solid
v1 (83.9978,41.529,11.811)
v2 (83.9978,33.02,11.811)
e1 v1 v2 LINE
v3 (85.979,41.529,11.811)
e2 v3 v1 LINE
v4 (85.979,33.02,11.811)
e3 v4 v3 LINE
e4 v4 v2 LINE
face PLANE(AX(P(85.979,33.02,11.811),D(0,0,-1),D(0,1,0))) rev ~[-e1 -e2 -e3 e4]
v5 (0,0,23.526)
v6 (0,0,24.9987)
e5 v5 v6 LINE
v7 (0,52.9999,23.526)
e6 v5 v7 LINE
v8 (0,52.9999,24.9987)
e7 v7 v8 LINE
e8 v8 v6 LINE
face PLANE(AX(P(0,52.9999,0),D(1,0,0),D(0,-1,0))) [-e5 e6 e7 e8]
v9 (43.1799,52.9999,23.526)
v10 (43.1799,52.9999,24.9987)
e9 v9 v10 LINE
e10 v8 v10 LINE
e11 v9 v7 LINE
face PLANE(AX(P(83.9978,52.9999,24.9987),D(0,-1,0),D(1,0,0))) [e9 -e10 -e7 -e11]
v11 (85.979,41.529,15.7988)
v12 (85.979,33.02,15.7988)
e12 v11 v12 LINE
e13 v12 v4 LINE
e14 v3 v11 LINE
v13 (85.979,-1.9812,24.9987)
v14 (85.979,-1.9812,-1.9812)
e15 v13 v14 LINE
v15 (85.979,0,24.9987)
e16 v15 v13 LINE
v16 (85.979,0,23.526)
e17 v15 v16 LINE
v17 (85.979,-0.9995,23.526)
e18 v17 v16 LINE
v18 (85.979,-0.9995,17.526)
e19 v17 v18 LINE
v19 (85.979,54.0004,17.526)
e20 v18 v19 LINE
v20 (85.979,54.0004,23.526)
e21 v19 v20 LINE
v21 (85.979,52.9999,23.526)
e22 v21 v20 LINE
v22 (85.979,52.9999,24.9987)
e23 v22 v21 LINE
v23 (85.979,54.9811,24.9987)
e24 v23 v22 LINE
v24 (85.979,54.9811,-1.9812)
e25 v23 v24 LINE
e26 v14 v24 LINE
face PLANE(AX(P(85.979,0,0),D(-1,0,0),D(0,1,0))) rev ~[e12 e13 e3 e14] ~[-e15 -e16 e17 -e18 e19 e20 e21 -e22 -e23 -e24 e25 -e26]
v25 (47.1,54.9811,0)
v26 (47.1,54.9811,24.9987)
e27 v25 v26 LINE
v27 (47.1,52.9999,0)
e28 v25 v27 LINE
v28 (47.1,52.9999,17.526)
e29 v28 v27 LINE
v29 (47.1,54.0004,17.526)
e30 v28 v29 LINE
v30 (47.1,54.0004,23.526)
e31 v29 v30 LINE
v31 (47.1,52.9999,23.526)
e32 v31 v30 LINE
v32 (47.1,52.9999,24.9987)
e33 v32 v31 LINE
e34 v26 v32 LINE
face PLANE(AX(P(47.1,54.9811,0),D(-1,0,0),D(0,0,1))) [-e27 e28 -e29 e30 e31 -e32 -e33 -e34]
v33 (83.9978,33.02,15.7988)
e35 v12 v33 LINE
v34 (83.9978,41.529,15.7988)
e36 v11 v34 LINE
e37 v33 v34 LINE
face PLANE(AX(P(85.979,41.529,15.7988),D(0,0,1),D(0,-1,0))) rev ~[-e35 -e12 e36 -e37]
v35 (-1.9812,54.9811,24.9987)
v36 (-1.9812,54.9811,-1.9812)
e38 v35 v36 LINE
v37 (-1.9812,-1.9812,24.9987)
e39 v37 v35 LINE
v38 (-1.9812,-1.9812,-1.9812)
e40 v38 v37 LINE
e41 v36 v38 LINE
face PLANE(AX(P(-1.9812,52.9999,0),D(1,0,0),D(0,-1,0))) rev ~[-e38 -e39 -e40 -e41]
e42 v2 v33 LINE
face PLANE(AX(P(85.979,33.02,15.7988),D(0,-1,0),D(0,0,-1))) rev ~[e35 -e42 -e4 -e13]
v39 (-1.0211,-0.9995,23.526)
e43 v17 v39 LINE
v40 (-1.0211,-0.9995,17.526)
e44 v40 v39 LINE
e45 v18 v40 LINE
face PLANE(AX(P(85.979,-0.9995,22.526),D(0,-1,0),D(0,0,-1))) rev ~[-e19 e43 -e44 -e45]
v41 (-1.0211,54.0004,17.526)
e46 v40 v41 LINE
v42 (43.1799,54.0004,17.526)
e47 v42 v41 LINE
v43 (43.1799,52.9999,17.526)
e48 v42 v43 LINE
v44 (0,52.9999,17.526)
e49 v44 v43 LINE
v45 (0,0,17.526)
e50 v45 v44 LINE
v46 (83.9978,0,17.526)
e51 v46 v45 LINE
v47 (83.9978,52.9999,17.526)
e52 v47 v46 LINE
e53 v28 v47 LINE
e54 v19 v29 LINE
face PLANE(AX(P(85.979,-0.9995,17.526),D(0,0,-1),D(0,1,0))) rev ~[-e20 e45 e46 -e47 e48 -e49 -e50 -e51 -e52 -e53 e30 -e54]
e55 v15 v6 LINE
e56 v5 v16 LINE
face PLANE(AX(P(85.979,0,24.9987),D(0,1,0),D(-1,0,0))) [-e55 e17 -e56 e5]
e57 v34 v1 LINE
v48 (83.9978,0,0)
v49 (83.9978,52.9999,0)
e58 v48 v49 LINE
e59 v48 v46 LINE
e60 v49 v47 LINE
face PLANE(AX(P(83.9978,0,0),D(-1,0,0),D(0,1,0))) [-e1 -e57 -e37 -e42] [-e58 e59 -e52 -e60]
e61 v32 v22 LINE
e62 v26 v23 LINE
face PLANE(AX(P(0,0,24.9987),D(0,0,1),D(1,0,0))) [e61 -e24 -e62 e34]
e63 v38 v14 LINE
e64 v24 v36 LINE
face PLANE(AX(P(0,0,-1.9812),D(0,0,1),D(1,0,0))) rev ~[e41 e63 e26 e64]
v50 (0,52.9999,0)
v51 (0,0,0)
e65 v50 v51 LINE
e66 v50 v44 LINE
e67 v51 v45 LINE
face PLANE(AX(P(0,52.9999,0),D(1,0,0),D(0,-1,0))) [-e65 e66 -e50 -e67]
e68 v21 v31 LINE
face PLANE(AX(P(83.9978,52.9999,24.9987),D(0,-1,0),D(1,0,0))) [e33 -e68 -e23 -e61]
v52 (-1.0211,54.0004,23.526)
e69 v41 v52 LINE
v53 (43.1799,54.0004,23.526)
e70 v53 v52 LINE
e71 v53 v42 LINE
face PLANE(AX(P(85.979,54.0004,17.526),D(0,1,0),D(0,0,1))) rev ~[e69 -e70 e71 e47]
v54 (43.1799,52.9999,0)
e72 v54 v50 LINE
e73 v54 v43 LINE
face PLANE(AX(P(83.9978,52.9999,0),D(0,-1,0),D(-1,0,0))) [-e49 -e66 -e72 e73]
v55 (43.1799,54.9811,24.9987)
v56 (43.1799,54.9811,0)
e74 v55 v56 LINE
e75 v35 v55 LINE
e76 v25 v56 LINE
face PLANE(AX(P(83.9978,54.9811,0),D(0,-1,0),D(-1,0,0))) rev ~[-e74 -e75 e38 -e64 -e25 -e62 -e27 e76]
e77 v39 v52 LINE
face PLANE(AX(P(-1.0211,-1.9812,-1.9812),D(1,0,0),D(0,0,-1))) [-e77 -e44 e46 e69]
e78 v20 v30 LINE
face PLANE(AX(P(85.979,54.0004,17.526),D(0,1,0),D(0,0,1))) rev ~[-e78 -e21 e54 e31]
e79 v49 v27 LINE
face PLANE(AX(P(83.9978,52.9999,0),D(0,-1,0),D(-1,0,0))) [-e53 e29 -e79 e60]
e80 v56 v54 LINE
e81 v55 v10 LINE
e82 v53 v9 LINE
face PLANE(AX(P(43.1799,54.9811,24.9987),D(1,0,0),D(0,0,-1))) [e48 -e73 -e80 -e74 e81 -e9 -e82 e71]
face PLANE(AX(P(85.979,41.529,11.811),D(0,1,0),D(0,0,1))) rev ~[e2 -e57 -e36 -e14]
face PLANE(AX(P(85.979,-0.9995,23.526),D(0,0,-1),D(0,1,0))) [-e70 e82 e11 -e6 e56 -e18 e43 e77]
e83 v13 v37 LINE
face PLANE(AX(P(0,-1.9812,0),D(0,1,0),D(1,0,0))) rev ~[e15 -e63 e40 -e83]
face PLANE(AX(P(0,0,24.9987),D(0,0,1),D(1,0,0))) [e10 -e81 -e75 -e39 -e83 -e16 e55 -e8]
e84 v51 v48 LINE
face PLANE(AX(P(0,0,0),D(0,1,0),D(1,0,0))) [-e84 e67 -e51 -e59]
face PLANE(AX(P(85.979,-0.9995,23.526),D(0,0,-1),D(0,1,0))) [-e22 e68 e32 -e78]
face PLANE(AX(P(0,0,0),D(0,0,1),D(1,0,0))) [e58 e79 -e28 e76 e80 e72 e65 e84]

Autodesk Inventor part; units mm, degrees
ref_plane "YZ Plane" through (0, 0, 0) normal (1, 0, 0) x (0, 1, 0)
ref_plane "XZ Plane" through (0, 0, 0) normal (0, 1, 0) x (-1, 0, 0)
ref_plane "XY Plane" through (0, 0, 0) normal (0, 0, 1) x (1, 0, 0)
sketch "Sketch1" plane through (0, 0, 0) normal (0, 0, 1) x (1, 0, 0)
  line L0 (0, 0) -> (83.9978, 0)
  line L1 (83.9978, 0) -> (83.9978, 52.9999)
  line L2 (83.9978, 52.9999) -> (0, 52.9999)
  line L3 (0, 52.9999) -> (0, 0)
  dimension "d0" = 83.9978
  dimension "d1" = 52.9999
extrude "Extrusion1" add sketch "Sketch1" along normal blind 24.9987
shell "Shell1" thickness 1.9812 outward yes removed faces 1 at (55.9985, 17.6666, 24.9987)
sketch "Sketch2" plane through (85.979, -1.9812, -1.9812) normal (1, 0, 0) x (0, 0, -1)
  point P0 (-1.9812, 1.9812)
sketch "Sketch3" plane through (85.979, -1.9812, -1.9812) normal (1, 0, 0) x (0, 0, -1)
  line L0 (-13.7922, 43.5102) -> (-17.78, 43.5102)
  line L1 (-17.78, 43.5102) -> (-17.78, 35.0012)
  line L2 (-17.78, 35.0012) -> (-13.7922, 35.0012)
  line L3 (-13.7922, 35.0012) -> (-13.7922, 43.5102)
  point P0 (-1.9812, 1.9812)
  dimension "d5" = 3.9878
  dimension "d6" = 8.509
extrude "Extrusion2" cut sketch "Sketch3" against normal blind 22.9997
sketch "Sketch4" plane through (85.979, -1.9812, -1.9812) normal (1, 0, 0) x (0, 0, -1)
  line L0 (-19.5072, 55.9816) -> (-25.5072, 55.9816)
  line L1 (-24.5072, 0.9817) -> (-19.5072, 0.9817)
  line L2 (-19.5072, 0.9817) -> (-19.5072, 55.9816)
  line L3 (-25.5072, 55.9816) -> (-19.5072, 55.9816)
  line L4 (-19.5072, 55.9816) -> (-19.5072, 0.9817)
  line L5 (-19.5072, 0.9817) -> (-25.5072, 0.9817)
  line L6 (-25.5072, 0.9817) -> (-25.5072, 55.9816)
  point P0 (-1.9812, 1.9812)
  dimension "d9" = 5
extrude "Extrusion3" cut sketch "Sketch4" against normal blind 87.0001
sketch "Sketch5" plane through (85.979, -0.9995, 17.526) normal (0, 0, 1) x (1, 0, 0)
  point P0 (-85.979, 0.9995)
sketch "Sketch6" plane through (85.979, -1.9812, -1.9812) normal (1, 0, 0) x (0, 0, -1)
  point P0 (-1.9812, 1.9812)
  point P1 (-24.5072, 55.9816)
sketch "Sketch7" plane through (0, 0, 24.9987) normal (0, 0, 1) x (1, 0, 0)
  line L0 (83.9978, 52.9999) -> (0, 52.9999) projected
  line L1 (85.979, -1.9812) -> (85.979, 54.9811) projected
  line L2 (83.9978, 52.9999) -> (85.979, 52.9999)
  line L3 (85.979, 52.9999) -> (85.979, 0)
  line L4 (85.979, 0) -> (83.9978, 0)
  line L5 (83.9978, 0) -> (83.9978, 52.9999)
  point P0 (0, 0)
extrude "Extrusion4" cut sketch "Sketch7" against normal blind 2.0066
sketch "Sketch8" plane through (-1.9812, 54.9811, -1.9812) normal (0, 1, 0) x (1, 0, 0)
  line L0 (1.9812, -26.9799) -> (87.9602, -26.9799) projected
  line L1 (85.979, -1.9812) -> (1.9812, -1.9812) projected
  line L2 (49.0812, -26.9799) -> (45.1611, -26.9799)
  line L3 (45.1611, -26.9799) -> (45.1611, -1.9812)
  line L4 (45.1611, -1.9812) -> (49.0812, -1.9812)
  line L5 (49.0812, -1.9812) -> (49.0812, -26.9799)
extrude "Extrusion5" cut sketch "Sketch8" against normal blind 25.4
sketch "Sketch9" plane through (85.979, -1.9812, -1.9812) normal (1, 0, 0) x (0, 0, -1)
  point P0 (-1.9812, 1.9812)
properties part number "finalCase"
